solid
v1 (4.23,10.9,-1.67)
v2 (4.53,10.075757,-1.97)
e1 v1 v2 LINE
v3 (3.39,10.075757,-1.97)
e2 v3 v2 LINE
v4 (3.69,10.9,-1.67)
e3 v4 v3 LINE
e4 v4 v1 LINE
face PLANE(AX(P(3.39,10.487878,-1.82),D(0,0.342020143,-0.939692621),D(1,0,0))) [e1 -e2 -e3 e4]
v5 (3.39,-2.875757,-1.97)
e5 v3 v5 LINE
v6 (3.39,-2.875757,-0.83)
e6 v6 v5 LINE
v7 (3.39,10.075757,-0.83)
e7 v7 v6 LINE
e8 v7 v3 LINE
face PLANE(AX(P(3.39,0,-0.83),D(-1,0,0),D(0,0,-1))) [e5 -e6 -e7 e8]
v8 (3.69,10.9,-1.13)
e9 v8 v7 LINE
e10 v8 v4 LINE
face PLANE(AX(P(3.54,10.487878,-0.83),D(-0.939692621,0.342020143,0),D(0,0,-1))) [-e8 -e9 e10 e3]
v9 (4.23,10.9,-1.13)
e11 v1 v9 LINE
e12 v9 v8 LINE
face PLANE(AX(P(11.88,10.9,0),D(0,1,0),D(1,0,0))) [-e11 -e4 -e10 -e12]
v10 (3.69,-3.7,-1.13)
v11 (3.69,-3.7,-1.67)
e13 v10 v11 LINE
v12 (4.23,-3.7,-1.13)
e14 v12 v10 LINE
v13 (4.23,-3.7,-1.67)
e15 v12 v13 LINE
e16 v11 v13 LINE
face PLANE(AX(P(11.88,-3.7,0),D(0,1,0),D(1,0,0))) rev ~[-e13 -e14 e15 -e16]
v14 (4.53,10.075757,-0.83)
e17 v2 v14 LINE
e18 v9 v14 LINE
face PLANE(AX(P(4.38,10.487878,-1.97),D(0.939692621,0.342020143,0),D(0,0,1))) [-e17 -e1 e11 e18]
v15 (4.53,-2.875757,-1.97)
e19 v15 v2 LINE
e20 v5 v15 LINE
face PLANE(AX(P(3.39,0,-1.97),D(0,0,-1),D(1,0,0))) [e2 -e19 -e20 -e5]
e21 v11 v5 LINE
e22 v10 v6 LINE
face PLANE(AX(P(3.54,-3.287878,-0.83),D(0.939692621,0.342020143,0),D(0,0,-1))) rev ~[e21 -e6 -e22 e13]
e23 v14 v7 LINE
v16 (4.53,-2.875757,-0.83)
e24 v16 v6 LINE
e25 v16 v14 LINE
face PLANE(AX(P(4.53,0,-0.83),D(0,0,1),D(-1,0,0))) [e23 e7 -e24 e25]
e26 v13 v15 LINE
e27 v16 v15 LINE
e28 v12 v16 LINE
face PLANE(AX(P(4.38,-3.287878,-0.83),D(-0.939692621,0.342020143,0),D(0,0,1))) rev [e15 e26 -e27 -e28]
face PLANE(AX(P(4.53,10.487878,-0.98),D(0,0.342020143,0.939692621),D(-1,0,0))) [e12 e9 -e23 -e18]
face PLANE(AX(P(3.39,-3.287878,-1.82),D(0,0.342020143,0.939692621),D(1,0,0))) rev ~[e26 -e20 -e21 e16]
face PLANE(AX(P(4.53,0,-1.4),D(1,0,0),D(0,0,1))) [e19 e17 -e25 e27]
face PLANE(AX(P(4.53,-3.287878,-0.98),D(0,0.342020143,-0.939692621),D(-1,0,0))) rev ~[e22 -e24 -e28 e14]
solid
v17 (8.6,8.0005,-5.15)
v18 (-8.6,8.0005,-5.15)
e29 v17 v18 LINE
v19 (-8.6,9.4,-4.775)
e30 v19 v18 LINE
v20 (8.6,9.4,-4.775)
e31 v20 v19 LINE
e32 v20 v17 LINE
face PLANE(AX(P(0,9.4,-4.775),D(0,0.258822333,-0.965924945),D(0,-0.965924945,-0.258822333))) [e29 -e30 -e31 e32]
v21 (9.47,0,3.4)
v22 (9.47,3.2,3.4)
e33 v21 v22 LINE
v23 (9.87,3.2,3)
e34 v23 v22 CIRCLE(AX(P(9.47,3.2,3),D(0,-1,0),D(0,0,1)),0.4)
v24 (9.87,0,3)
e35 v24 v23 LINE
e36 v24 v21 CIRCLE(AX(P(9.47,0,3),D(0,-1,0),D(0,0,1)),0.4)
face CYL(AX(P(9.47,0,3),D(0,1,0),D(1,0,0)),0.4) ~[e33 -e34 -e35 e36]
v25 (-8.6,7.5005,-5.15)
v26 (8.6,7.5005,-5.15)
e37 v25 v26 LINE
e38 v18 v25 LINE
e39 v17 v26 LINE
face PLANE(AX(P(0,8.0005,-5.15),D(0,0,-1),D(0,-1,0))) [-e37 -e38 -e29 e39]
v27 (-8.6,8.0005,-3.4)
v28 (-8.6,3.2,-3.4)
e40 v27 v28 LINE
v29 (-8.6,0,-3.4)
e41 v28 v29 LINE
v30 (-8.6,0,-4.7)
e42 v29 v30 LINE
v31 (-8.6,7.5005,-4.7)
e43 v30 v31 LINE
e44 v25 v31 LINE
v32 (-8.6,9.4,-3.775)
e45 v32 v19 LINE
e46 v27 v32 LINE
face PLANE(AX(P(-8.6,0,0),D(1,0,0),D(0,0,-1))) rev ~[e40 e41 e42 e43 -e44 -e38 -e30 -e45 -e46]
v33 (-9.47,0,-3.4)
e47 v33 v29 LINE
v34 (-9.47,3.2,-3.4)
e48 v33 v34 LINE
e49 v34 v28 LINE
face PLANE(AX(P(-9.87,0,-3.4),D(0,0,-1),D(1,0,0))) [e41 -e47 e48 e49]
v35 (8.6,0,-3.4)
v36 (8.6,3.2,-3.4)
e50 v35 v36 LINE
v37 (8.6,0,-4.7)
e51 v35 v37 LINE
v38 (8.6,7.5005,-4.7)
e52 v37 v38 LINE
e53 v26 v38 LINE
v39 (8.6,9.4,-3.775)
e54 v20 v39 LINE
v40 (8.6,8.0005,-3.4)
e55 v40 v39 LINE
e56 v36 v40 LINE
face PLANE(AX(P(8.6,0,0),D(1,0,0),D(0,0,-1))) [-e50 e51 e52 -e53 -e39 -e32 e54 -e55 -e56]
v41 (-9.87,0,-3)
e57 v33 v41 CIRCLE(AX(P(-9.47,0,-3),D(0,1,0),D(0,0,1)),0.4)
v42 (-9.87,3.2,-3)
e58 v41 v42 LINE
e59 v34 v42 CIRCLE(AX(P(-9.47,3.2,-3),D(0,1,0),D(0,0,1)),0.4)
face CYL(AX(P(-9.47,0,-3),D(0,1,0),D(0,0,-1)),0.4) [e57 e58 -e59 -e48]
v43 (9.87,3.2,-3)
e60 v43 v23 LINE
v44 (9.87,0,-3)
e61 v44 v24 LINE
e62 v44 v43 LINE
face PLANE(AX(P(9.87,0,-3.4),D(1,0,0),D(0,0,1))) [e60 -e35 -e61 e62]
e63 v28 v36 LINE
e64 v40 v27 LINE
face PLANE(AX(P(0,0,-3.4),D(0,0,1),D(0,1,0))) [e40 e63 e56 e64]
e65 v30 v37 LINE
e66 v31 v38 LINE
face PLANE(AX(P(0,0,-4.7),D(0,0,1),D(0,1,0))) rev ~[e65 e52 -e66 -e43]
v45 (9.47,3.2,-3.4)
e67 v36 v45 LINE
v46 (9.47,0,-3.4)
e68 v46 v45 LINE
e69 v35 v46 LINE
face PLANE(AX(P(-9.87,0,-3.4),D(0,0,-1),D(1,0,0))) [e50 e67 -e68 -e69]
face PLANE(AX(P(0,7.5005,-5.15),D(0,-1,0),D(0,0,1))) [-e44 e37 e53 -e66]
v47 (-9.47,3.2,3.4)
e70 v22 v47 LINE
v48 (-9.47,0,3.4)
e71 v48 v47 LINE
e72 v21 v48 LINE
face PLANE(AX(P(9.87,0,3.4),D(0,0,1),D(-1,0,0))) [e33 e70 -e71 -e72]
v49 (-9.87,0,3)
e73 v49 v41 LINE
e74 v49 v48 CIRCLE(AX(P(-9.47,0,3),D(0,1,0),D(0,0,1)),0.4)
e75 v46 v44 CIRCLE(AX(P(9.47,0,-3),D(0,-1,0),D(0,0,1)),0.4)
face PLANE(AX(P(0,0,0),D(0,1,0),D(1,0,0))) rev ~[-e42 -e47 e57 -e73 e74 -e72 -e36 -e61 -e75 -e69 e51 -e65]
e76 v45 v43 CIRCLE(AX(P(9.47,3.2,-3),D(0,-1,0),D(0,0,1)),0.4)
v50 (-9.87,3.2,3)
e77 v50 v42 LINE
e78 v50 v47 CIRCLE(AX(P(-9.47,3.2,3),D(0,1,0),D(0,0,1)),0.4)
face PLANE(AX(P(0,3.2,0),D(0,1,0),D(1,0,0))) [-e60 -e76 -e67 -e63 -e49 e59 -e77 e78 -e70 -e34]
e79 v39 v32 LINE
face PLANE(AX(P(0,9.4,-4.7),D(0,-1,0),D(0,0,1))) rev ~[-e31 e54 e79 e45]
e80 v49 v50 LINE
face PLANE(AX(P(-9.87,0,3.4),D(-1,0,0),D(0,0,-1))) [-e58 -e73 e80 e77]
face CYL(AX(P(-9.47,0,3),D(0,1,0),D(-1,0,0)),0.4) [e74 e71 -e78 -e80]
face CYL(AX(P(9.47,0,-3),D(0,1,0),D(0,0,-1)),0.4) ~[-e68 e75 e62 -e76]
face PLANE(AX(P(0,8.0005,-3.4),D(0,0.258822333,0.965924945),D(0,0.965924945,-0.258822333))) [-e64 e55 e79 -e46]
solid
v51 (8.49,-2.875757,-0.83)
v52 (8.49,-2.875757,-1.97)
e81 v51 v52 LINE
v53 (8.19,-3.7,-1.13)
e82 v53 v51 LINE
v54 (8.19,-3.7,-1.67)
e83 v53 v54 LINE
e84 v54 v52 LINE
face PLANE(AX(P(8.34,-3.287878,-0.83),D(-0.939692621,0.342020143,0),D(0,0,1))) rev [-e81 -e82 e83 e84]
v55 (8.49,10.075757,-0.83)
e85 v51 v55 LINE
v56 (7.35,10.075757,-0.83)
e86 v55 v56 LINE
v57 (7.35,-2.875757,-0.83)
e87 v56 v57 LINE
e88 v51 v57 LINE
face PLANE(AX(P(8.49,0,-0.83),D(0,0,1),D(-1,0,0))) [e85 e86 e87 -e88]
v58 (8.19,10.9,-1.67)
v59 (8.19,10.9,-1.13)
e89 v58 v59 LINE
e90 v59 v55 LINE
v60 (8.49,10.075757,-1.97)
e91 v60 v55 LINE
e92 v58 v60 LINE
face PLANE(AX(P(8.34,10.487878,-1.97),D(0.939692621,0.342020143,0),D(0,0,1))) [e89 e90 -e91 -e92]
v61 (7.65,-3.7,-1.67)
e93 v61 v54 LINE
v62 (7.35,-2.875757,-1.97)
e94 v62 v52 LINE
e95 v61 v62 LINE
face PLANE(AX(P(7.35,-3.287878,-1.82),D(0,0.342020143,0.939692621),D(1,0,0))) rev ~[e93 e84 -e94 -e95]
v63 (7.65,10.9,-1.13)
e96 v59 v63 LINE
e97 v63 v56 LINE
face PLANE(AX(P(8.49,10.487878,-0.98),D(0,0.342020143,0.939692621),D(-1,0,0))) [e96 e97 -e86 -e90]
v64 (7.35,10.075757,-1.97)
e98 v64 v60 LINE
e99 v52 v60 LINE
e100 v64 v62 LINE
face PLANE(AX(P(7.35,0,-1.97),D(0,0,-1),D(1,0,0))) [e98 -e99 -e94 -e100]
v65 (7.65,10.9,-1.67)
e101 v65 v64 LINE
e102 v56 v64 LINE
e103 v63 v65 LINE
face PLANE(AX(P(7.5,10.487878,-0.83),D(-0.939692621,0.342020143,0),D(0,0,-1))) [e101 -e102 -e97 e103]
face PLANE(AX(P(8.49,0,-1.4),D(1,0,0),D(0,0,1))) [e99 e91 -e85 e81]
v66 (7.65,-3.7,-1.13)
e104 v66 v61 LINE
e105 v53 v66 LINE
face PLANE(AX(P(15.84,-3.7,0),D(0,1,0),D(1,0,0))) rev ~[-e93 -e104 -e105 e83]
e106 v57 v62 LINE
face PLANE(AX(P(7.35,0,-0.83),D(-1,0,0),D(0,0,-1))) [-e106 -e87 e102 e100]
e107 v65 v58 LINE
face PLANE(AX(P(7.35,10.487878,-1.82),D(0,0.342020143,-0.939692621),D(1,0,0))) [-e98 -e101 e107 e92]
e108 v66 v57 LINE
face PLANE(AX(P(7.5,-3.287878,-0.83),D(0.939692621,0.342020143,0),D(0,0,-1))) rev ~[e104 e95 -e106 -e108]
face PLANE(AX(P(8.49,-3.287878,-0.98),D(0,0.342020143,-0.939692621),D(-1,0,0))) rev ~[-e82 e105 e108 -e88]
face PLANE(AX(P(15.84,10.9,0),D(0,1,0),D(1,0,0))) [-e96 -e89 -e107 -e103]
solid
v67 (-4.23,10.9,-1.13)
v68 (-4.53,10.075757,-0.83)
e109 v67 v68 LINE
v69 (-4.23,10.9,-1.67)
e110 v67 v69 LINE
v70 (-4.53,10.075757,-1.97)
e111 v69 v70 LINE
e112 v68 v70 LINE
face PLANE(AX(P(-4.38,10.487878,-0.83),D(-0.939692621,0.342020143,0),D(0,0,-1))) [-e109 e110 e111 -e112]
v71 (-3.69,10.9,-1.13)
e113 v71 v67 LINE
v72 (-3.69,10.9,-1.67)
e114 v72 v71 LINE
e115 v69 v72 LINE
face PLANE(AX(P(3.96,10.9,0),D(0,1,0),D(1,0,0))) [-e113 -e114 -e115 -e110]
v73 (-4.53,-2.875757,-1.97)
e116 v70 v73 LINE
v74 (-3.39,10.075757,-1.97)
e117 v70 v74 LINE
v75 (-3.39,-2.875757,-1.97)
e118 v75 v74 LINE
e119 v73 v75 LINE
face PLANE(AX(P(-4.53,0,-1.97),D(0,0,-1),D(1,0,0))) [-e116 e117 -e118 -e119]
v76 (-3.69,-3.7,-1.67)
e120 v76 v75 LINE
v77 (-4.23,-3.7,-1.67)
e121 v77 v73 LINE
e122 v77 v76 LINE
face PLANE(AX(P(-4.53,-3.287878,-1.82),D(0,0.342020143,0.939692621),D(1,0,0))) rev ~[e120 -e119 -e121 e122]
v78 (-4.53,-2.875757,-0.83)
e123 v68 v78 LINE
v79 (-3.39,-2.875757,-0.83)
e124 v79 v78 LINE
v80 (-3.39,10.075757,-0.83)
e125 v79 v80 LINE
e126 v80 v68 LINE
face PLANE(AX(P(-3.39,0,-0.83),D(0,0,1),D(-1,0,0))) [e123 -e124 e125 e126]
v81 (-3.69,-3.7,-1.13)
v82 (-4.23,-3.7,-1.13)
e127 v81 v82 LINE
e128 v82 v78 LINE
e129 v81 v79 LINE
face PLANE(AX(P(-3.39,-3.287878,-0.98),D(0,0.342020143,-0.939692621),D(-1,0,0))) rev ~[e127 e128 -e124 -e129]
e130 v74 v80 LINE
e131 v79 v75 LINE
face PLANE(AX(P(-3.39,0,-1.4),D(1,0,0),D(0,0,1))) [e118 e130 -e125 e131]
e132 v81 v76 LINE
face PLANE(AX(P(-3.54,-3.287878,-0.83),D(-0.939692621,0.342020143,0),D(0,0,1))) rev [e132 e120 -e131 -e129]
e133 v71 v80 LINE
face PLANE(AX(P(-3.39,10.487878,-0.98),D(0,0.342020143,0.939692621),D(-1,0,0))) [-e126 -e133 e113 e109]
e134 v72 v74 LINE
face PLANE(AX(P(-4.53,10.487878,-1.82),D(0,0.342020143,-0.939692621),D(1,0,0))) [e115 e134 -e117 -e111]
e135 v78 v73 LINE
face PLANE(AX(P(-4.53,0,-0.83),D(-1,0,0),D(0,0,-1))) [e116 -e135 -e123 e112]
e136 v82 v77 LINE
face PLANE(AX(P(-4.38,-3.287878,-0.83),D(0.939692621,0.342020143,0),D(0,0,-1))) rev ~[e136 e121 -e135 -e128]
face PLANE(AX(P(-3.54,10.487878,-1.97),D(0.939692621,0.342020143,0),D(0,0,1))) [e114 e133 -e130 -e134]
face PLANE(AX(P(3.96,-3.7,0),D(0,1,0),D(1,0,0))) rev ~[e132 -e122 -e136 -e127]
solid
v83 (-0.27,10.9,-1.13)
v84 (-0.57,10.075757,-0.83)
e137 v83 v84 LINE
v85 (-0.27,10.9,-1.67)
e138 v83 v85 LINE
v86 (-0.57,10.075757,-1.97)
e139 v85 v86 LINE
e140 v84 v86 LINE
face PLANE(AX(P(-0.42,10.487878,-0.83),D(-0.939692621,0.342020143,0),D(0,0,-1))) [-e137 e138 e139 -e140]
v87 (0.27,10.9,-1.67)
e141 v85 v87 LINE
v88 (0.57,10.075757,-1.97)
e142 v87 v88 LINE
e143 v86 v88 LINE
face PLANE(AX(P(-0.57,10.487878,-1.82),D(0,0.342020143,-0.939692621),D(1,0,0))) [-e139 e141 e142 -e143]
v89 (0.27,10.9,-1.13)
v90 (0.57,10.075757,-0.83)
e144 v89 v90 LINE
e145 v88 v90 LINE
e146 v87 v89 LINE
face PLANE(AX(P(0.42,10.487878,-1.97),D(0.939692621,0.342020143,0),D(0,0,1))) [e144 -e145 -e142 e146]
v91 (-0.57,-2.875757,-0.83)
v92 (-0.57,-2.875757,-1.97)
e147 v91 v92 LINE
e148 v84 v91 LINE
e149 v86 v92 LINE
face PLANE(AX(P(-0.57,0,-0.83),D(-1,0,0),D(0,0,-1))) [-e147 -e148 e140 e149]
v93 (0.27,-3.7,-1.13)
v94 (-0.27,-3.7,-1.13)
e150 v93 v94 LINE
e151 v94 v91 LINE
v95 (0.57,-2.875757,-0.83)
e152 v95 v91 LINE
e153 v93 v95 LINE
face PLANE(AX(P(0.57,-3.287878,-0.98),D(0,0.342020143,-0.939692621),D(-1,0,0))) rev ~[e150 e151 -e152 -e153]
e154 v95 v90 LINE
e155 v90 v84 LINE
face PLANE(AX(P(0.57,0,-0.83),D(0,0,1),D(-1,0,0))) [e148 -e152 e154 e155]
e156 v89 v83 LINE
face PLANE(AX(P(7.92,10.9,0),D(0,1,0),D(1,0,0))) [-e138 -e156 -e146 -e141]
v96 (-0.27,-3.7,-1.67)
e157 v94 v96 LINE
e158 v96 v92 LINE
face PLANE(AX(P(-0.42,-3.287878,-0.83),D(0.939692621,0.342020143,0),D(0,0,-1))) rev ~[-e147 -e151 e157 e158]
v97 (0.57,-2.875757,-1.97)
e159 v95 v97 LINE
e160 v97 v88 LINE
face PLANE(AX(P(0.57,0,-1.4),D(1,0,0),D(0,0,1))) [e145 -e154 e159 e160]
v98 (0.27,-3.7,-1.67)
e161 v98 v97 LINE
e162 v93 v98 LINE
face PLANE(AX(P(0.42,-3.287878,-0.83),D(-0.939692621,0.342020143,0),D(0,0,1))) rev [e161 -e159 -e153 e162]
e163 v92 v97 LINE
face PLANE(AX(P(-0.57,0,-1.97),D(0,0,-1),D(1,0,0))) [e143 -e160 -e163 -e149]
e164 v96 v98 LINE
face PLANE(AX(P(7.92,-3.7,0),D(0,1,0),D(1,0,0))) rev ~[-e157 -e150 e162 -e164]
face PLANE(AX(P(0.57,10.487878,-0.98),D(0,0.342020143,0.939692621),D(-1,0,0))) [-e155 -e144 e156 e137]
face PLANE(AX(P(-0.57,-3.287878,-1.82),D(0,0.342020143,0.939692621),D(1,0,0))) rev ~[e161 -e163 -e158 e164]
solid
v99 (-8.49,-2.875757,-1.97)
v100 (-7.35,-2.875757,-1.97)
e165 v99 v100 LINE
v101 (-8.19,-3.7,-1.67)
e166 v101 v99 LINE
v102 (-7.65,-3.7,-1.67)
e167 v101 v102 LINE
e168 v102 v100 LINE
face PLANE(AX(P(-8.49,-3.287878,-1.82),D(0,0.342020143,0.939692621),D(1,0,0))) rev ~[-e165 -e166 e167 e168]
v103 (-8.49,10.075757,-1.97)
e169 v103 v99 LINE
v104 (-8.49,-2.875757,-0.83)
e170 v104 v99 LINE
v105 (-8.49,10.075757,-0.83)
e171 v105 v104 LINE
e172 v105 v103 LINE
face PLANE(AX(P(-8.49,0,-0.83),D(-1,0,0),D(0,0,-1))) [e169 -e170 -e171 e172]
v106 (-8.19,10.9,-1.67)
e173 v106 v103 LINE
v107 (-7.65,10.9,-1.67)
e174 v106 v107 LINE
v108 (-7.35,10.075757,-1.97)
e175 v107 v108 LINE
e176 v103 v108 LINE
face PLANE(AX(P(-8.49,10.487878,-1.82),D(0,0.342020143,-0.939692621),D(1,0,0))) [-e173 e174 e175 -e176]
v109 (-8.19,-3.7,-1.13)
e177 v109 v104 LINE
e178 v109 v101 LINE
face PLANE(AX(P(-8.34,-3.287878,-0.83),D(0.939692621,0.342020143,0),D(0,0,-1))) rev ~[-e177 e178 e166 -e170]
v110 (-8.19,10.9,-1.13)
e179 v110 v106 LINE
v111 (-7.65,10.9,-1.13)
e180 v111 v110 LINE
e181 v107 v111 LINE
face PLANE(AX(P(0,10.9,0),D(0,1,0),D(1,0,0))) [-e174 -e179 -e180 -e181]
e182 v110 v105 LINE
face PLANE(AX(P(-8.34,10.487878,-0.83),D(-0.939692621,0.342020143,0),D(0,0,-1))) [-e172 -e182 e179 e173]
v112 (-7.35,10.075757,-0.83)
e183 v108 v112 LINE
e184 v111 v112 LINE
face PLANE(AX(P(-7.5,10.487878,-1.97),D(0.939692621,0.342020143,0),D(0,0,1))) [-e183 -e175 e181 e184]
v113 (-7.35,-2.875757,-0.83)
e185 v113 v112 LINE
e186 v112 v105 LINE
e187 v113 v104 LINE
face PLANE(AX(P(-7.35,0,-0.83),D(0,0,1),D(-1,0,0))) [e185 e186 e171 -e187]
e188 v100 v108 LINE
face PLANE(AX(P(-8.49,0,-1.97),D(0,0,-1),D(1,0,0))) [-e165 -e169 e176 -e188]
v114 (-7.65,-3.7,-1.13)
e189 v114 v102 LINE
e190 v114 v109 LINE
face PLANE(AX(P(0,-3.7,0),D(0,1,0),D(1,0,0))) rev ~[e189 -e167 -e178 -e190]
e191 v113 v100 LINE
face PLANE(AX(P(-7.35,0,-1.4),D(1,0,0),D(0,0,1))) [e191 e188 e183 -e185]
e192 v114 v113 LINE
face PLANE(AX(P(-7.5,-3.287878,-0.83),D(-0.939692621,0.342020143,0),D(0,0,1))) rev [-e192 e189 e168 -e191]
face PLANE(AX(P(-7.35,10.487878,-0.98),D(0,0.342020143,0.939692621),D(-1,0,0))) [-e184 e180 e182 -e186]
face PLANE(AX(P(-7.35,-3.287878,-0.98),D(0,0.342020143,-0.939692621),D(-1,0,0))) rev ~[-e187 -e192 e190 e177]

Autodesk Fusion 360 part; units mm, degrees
sketch "Skizze1" plane through (0, 0, 0) normal (0, 1, 0) x (1, 0, 0)
  line L0 (-9.87, 3.4) -> (9.87, 3.4)
  line L1 (9.87, 3.4) -> (9.87, -3.4)
  line L2 (9.87, -3.4) -> (-9.87, -3.4)
  line L3 (-9.87, -3.4) -> (-9.87, 3.4)
  line L4 (0, 3.4) -> (0, -3.4) construction
  dimension "d9" = 19.74
  dimension "d10" = 6.8
extrude "Extrusion1" add sketch "Skizze1" along normal blind 3.2 makes body 1
sketch "Skizze3" plane through (0, 0, 0) normal (1, 0, 0) x (0, 0, -1)
  line L0 (3.4, 0) -> (3.4, 3.2)
  line L1 (3.4, 0) -> (4.7, 0)
  line L2 (4.7, 0) -> (4.7, 9.4)
  line L3 (4.7, 9.4) -> (3.4, 9.4) construction
  line L4 (3.4, 9.4) -> (3.4, 0)
  line L5 (4.7, 9.4) -> (5.15, 9.4)
  line L6 (5.15, 9.4) -> (5.15, 0)
  line L7 (5.15, 0) -> (4.7, 0)
  line L8 (4.7, 0) -> (4.7, 9.4) construction
  line L9 (3.4, 8.0005) -> (3.775, 9.4)
  line L10 (4.775, 9.4) -> (5.15, 8.0005)
  line L11 (5.15, 7.5005) -> (4.7, 7.5005)
  line L12 (4.775, 9.4) -> (3.775, 9.4)
  line L13 (3.775, 9.4) -> (4.775, 9.4) construction
  line L14 (4.775, 9.4) -> (5.15, 9.4) construction
  line L15 (3.775, 9.4) -> (3.4, 9.4) construction
  line L16 (5.15, 9.4) -> (4.775, 9.4) construction
  line L17 (5.15, 8.0005) -> (5.15, 7.5005) construction
  line L18 (5.15, 7.5005) -> (5.15, 8.0005) construction
  line L19 (5.15, 9.4) -> (3.4, 9.4)
  line L20 (5.15, 0) -> (3.4, 0)
  dimension "d31" = 9.4
  dimension "d33" = 1.3
  dimension "d35" = 90
  dimension "d36" = 75
  dimension "d37" = 75
  dimension "d39" = 1
  dimension "d42" = 0.5
  dimension "d48" = 1.75
sketch "Skizze2" plane through (0, 0, 0) normal (0, 1, 0) x (1, 0, 0)
  line L0 (-7.35, 0.83) -> (-8.49, 0.83)
  line L1 (-8.49, 0.83) -> (-8.49, 1.97)
  line L2 (-8.49, 1.97) -> (-7.35, 1.97)
  line L3 (-7.35, 1.97) -> (-7.35, 0.83)
  line L4 (-9.87, 3.4) -> (9.87, 3.4)
  line L5 (9.87, 3.4) -> (9.87, -3.4)
  line L6 (9.87, -3.4) -> (-9.87, -3.4)
  line L7 (-9.87, -3.4) -> (-9.87, 3.4)
  line L8 (0, 3.4) -> (0, 1.4) construction
  line L9 (-7.35, 1.4) -> (-8.49, 1.4) construction
  line L10 (0, 1.4) -> (-7.92, 1.4)
  point P0 (-7.92, 1.4)
  dimension "d16" = 1.14
  dimension "d17" = 1.14
  dimension "d24" = 2
  dimension "d26" = 7.92
extrude "Extrusion3" add sketch "Skizze3" along normal mid plane 17.2 contours L0 L1 L2 L4 L9 L12 L19 L20 | L2 L5 L6 L10 L11 L12 L19 bodies 1
extrude "Extrusion2" add sketch "Skizze2" along normal blind 10.9 and the other way blind 3.7 separate body contours L0 L1 L2 L3 makes body 2
chamfer "Fase2" distance 0.3 angle 70 8 edges at (-7.92, 10.9, -0.83) (-7.35, 10.9, -1.4) (-7.92, 10.9, -1.97) (-8.49, 10.9, -1.4) (-7.35, -3.7, -1.4) (-7.92, -3.7, -0.83) (-8.49, -3.7, -1.4) (-7.92, -3.7, -1.97) measured on face at (-8.11, 10.9, -1.21) measured on face at (-8.11, 10.9, -1.21) measured on face at (-8.11, 10.9, -1.21) measured on face at (-8.11, 10.9, -1.21) measured on face at (-8.11, -3.7, -1.21) measured on face at (-8.11, -3.7, -1.21) measured on face at (-8.11, -3.7, -1.21) measured on face at (-8.11, -3.7, -1.21) on bodies 2
pattern_linear "R-Anordnung1" count 5 spacing 3.96 along (1, 0, 0) of bodies 2 makes body 3 at (-4.15, 5.7586, -0.83) makes body 4 at (-0.19, 5.7586, -0.83) makes body 5 at (3.77, 5.7586, -0.83) makes body 6 at (8.11, 1.4414, -0.83)
fillet "Abrundung1" radius 0.4 4 edges at (9.87, 1.6, -3.4) (9.87, 1.6, 3.4) (-9.87, 1.6, 3.4) (-9.87, 1.6, -3.4) on bodies 1
equation "n = 5" comment "Number of pins"
equation "P = 3.96 mm" comment "Pin pitch"
equation "B1 = A1 + ( 1.95 mm * 2 )" comment "Width of bottom plate"
equation "A1 = ( n - 1 ) * P" comment "Total width of all pins"
equation "C1 = 6.8 mm" comment "Height of bottom plate"
equation "H1 = 9.4 mm" comment "Height of latching plate"
equation "O1 = 2 mm" comment "Vertical offset pin-center to bottom plate border"
equation "d9 = B1"
equation "d10 = C1"
equation "D1 = 3.2 mm" comment "Total depth of bottom plate"
equation "Pw = 1.14 mm" comment "Width & height of square pin"
equation "d13 = D1"
equation "d16 = Pw"
equation "d17 = Pw"
equation "LPinTop = 7.7 mm + D1" comment "Length of the pin measured from the bottom plane to the top of the pin (away from PCB)"
equation "LPinBottom = 14.6 mm - LPinTop" comment "Length of the pin in bottom direction, measured from the bottom plane"
equation "d20 = LPinTop"
equation "d22 = LPinBottom"
equation "d24 = O1"
equation "Pin1XOffset = ( ( n - 1 ) * P ) / 2" comment "First pin X offset measured from the X axis"
equation "d26 = Pin1XOffset"
equation "d27 = n"
equation "d29 = P"
equation "d31 = H1"
equation "D2 = 1.3 mm" comment "(Measured) depth of latching plate (narrowest section)"
equation "d33 = D2"
equation "d35 = alpha"
equation "d36 = 90 deg - beta"
equation "d37 = 90 deg - beta"
equation "Wx1 = 1.0 mm" comment "(Measured) Width of the topmost part of the latching plate"
equation "Hx1 = 0.5 mm" comment "(Measured) Height of the latching surface facing away from the pins"
equation "alpha = 90 deg" comment "Angle of the latching surface. Shown by the datasheet as ~45°but real parts have 90°"
equation "d42 = Hx1"
equation "beta = 15 deg" comment "(Estimated) Latching plate tapering angle"
equation "WL1 = 1.27 mm" comment "(Measured) With of the section of the bottom plate where there is no latching plate per side)"
equation "d45 = B1 - ( WL1 * 2 )"
equation "Dlatch = 1.75 mm" comment "(Measured) Total depth of latching plate"
equation "d48 = Dlatch"
equation "d54 = delta"
equation "delta = 70 deg" comment "(Estimated) Taper angle of the pin top & bottoms"
